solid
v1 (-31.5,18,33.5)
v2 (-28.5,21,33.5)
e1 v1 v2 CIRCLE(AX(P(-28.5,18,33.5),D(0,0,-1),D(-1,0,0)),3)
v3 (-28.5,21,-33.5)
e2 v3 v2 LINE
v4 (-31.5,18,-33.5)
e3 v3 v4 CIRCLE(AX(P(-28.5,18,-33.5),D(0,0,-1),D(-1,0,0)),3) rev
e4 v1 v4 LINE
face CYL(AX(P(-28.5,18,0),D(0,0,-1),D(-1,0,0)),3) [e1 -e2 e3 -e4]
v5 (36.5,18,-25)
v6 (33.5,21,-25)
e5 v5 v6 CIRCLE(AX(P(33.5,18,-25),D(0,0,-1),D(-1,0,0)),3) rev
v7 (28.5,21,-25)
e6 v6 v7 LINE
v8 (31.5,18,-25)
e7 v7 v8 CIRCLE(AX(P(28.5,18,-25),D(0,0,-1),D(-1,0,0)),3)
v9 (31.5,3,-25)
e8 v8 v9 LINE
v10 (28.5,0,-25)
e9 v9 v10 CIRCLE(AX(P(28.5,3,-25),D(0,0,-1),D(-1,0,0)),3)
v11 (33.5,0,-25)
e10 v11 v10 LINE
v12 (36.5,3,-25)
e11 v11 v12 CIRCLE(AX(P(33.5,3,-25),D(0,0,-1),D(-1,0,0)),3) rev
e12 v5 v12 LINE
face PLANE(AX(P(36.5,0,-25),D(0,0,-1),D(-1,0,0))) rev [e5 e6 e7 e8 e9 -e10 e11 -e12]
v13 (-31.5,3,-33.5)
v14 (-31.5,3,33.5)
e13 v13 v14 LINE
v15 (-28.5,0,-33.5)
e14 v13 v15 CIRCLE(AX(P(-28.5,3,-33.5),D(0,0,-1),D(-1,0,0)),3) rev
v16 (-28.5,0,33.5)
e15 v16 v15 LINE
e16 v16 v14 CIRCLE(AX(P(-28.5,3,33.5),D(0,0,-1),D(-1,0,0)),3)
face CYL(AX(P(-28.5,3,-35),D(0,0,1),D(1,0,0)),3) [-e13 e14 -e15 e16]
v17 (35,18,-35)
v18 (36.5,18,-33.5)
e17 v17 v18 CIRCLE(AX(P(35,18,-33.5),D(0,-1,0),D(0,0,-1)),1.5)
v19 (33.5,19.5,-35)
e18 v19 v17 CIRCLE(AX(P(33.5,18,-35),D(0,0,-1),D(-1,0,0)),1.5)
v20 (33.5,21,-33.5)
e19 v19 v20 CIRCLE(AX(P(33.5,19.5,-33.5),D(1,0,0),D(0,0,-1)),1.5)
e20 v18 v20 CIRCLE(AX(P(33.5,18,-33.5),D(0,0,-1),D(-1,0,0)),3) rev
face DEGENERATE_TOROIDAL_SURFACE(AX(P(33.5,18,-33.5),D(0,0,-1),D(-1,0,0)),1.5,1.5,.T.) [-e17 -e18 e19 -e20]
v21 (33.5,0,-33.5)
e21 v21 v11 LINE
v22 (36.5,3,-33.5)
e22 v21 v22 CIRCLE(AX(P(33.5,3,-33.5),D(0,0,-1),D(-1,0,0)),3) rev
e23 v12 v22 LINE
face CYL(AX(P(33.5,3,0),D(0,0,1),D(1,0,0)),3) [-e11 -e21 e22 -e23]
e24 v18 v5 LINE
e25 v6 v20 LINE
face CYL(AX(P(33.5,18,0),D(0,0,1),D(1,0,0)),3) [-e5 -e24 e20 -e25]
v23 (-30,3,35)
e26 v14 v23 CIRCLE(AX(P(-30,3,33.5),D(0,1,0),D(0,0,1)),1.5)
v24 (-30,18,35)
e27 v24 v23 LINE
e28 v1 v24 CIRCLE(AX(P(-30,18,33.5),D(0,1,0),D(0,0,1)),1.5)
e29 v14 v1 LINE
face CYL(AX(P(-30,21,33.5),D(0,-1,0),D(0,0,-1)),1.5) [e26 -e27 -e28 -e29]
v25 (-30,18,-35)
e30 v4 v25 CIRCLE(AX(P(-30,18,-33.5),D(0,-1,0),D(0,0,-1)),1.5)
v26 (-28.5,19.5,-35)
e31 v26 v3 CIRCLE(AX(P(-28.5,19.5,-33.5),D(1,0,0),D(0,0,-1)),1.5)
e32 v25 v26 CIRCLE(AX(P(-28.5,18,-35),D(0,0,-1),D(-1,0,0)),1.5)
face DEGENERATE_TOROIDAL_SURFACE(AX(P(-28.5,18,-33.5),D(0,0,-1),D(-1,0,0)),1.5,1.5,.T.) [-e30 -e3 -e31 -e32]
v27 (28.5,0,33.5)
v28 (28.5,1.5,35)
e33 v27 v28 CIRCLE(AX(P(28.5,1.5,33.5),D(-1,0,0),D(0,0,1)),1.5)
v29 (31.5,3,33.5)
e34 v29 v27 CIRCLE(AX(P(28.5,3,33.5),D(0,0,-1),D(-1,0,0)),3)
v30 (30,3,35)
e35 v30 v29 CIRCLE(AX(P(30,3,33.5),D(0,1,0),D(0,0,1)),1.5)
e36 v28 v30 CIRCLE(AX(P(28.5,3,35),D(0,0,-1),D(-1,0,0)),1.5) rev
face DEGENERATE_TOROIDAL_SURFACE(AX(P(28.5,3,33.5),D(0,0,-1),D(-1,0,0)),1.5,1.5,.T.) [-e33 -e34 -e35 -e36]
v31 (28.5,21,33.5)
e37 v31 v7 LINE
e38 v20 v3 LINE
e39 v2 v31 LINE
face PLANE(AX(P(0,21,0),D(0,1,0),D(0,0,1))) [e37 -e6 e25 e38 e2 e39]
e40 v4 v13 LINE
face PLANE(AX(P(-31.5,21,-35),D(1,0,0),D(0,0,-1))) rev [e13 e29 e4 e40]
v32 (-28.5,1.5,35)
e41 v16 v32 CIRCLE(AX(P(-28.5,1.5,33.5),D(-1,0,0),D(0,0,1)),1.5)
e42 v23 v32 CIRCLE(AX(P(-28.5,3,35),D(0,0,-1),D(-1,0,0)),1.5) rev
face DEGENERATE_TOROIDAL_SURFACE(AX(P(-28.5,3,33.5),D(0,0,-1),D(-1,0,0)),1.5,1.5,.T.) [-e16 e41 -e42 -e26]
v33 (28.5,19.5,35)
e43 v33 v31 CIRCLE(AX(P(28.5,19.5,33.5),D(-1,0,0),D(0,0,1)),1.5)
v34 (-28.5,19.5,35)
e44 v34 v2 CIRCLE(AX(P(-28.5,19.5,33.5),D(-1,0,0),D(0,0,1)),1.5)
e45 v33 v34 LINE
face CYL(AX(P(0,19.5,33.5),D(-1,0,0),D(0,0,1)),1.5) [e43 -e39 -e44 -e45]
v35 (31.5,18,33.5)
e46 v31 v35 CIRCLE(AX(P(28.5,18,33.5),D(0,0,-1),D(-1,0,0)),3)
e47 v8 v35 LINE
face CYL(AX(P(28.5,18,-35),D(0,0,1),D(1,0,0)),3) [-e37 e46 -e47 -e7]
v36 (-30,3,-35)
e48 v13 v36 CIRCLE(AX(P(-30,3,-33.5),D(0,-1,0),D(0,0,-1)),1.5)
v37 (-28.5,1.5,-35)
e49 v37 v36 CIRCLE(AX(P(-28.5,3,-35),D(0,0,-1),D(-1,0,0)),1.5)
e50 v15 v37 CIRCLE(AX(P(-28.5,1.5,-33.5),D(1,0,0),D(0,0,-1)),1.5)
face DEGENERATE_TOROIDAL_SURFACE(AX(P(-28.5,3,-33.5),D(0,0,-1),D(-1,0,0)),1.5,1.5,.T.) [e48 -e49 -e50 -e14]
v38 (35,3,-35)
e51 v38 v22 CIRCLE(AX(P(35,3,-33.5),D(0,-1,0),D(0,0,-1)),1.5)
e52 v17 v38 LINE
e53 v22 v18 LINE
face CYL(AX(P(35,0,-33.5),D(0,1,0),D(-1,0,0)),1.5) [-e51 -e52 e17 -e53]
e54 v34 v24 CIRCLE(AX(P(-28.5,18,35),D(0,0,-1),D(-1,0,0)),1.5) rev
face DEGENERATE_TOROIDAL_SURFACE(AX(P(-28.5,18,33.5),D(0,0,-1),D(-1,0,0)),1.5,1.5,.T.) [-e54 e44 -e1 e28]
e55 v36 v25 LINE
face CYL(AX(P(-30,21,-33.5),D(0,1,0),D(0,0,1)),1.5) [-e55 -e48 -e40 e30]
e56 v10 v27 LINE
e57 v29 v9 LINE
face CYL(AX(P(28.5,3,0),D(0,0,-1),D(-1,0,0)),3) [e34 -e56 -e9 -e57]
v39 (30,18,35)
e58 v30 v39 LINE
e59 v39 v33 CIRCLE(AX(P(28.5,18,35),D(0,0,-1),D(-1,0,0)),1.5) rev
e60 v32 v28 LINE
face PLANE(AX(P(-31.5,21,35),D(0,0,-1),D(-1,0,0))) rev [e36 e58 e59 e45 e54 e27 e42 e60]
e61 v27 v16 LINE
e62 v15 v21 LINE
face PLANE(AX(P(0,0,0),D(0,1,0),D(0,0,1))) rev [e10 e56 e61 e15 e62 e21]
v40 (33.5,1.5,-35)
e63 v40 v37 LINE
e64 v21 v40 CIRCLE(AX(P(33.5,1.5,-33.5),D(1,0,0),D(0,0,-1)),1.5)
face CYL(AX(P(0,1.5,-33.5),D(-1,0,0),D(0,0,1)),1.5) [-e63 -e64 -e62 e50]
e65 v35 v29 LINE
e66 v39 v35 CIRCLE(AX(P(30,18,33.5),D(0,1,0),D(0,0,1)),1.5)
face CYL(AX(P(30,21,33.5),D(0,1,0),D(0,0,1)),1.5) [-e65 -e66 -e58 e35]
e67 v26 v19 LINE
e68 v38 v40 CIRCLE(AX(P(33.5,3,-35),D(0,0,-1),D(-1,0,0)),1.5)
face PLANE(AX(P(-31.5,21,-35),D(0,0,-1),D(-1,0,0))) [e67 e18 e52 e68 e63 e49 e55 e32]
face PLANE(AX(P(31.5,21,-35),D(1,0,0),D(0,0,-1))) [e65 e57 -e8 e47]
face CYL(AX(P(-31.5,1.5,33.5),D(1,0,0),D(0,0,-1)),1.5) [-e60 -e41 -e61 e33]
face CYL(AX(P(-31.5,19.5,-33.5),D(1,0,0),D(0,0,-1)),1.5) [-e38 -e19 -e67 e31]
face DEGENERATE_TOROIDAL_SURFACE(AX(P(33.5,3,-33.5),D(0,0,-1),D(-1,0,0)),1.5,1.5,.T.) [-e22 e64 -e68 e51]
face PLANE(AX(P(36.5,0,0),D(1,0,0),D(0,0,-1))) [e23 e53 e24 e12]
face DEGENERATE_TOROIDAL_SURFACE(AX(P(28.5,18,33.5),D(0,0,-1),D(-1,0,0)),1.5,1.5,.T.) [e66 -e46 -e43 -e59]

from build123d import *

# Parameters (mm, degrees)
SKETCH1_W           = 63
SKETCH1_H           = 70
BOSS_EXTRUDE1_DEPTH = 21
SKETCH2_W           = 10
SKETCH2_H           = 21
BOSS_EXTRUDE2_DEPTH = 5
FILLET3_R           = 3
FILLET4_R           = 1.5


with BuildPart() as part:
    # Sketch1 → Boss-Extrude1 (new body)
    with BuildSketch(Plane(origin=(0, 0, 0), x_dir=(1, 0, 0), z_dir=(0, 1, 0))):
        Rectangle(SKETCH1_W, SKETCH1_H)
    extrude(amount=BOSS_EXTRUDE1_DEPTH)

    # Sketch2 → Boss-Extrude2 (add)
    with BuildSketch(Plane(origin=(31.5, 0, 0), x_dir=(0, 0, -1), z_dir=(1, 0, 0))):
        with Locations((30, 10.5)):
            Rectangle(SKETCH2_W, SKETCH2_H)
    extrude(amount=BOSS_EXTRUDE2_DEPTH)

    # Fillet3
    fillet3_edges = [part.edges().sort_by_distance(p)[0] for p in [
        (31.5, 0, 5),
        (31.5, 21, 5),
        (36.5, 21, -30),
        (36.5, 0, -30),
        (-31.5, 21, 0),
        (-31.5, 0, 0),
    ]]
    fillet(fillet3_edges, radius=FILLET3_R)

    # Fillet4
    fillet4_edges = [part.edges().sort_by_distance(p)[0] for p in [
        (-31.5, 10.5, 35),
        (-31.5, 10.5, -35),
        (0, 0, 35),
        (31.5, 10.5, 35),
        (0, 21, 35),
        (30.621320344, 20.121320344, 35),
        (30.621320344, 0.878679656, 35),
        (-30.621320344, 20.121320344, 35),
        (-30.621320344, 0.878679656, 35),
        (2.5, 0, -35),
        (2.5, 21, -35),
        (36.5, 10.5, -35),
        (35.621320344, 20.121320344, -35),
        (35.621320344, 0.878679656, -35),
        (-30.621320344, 20.121320344, -35),
        (-30.621320344, 0.878679656, -35),
    ]]
    fillet(fillet4_edges, radius=FILLET4_R)


solid = part.part
